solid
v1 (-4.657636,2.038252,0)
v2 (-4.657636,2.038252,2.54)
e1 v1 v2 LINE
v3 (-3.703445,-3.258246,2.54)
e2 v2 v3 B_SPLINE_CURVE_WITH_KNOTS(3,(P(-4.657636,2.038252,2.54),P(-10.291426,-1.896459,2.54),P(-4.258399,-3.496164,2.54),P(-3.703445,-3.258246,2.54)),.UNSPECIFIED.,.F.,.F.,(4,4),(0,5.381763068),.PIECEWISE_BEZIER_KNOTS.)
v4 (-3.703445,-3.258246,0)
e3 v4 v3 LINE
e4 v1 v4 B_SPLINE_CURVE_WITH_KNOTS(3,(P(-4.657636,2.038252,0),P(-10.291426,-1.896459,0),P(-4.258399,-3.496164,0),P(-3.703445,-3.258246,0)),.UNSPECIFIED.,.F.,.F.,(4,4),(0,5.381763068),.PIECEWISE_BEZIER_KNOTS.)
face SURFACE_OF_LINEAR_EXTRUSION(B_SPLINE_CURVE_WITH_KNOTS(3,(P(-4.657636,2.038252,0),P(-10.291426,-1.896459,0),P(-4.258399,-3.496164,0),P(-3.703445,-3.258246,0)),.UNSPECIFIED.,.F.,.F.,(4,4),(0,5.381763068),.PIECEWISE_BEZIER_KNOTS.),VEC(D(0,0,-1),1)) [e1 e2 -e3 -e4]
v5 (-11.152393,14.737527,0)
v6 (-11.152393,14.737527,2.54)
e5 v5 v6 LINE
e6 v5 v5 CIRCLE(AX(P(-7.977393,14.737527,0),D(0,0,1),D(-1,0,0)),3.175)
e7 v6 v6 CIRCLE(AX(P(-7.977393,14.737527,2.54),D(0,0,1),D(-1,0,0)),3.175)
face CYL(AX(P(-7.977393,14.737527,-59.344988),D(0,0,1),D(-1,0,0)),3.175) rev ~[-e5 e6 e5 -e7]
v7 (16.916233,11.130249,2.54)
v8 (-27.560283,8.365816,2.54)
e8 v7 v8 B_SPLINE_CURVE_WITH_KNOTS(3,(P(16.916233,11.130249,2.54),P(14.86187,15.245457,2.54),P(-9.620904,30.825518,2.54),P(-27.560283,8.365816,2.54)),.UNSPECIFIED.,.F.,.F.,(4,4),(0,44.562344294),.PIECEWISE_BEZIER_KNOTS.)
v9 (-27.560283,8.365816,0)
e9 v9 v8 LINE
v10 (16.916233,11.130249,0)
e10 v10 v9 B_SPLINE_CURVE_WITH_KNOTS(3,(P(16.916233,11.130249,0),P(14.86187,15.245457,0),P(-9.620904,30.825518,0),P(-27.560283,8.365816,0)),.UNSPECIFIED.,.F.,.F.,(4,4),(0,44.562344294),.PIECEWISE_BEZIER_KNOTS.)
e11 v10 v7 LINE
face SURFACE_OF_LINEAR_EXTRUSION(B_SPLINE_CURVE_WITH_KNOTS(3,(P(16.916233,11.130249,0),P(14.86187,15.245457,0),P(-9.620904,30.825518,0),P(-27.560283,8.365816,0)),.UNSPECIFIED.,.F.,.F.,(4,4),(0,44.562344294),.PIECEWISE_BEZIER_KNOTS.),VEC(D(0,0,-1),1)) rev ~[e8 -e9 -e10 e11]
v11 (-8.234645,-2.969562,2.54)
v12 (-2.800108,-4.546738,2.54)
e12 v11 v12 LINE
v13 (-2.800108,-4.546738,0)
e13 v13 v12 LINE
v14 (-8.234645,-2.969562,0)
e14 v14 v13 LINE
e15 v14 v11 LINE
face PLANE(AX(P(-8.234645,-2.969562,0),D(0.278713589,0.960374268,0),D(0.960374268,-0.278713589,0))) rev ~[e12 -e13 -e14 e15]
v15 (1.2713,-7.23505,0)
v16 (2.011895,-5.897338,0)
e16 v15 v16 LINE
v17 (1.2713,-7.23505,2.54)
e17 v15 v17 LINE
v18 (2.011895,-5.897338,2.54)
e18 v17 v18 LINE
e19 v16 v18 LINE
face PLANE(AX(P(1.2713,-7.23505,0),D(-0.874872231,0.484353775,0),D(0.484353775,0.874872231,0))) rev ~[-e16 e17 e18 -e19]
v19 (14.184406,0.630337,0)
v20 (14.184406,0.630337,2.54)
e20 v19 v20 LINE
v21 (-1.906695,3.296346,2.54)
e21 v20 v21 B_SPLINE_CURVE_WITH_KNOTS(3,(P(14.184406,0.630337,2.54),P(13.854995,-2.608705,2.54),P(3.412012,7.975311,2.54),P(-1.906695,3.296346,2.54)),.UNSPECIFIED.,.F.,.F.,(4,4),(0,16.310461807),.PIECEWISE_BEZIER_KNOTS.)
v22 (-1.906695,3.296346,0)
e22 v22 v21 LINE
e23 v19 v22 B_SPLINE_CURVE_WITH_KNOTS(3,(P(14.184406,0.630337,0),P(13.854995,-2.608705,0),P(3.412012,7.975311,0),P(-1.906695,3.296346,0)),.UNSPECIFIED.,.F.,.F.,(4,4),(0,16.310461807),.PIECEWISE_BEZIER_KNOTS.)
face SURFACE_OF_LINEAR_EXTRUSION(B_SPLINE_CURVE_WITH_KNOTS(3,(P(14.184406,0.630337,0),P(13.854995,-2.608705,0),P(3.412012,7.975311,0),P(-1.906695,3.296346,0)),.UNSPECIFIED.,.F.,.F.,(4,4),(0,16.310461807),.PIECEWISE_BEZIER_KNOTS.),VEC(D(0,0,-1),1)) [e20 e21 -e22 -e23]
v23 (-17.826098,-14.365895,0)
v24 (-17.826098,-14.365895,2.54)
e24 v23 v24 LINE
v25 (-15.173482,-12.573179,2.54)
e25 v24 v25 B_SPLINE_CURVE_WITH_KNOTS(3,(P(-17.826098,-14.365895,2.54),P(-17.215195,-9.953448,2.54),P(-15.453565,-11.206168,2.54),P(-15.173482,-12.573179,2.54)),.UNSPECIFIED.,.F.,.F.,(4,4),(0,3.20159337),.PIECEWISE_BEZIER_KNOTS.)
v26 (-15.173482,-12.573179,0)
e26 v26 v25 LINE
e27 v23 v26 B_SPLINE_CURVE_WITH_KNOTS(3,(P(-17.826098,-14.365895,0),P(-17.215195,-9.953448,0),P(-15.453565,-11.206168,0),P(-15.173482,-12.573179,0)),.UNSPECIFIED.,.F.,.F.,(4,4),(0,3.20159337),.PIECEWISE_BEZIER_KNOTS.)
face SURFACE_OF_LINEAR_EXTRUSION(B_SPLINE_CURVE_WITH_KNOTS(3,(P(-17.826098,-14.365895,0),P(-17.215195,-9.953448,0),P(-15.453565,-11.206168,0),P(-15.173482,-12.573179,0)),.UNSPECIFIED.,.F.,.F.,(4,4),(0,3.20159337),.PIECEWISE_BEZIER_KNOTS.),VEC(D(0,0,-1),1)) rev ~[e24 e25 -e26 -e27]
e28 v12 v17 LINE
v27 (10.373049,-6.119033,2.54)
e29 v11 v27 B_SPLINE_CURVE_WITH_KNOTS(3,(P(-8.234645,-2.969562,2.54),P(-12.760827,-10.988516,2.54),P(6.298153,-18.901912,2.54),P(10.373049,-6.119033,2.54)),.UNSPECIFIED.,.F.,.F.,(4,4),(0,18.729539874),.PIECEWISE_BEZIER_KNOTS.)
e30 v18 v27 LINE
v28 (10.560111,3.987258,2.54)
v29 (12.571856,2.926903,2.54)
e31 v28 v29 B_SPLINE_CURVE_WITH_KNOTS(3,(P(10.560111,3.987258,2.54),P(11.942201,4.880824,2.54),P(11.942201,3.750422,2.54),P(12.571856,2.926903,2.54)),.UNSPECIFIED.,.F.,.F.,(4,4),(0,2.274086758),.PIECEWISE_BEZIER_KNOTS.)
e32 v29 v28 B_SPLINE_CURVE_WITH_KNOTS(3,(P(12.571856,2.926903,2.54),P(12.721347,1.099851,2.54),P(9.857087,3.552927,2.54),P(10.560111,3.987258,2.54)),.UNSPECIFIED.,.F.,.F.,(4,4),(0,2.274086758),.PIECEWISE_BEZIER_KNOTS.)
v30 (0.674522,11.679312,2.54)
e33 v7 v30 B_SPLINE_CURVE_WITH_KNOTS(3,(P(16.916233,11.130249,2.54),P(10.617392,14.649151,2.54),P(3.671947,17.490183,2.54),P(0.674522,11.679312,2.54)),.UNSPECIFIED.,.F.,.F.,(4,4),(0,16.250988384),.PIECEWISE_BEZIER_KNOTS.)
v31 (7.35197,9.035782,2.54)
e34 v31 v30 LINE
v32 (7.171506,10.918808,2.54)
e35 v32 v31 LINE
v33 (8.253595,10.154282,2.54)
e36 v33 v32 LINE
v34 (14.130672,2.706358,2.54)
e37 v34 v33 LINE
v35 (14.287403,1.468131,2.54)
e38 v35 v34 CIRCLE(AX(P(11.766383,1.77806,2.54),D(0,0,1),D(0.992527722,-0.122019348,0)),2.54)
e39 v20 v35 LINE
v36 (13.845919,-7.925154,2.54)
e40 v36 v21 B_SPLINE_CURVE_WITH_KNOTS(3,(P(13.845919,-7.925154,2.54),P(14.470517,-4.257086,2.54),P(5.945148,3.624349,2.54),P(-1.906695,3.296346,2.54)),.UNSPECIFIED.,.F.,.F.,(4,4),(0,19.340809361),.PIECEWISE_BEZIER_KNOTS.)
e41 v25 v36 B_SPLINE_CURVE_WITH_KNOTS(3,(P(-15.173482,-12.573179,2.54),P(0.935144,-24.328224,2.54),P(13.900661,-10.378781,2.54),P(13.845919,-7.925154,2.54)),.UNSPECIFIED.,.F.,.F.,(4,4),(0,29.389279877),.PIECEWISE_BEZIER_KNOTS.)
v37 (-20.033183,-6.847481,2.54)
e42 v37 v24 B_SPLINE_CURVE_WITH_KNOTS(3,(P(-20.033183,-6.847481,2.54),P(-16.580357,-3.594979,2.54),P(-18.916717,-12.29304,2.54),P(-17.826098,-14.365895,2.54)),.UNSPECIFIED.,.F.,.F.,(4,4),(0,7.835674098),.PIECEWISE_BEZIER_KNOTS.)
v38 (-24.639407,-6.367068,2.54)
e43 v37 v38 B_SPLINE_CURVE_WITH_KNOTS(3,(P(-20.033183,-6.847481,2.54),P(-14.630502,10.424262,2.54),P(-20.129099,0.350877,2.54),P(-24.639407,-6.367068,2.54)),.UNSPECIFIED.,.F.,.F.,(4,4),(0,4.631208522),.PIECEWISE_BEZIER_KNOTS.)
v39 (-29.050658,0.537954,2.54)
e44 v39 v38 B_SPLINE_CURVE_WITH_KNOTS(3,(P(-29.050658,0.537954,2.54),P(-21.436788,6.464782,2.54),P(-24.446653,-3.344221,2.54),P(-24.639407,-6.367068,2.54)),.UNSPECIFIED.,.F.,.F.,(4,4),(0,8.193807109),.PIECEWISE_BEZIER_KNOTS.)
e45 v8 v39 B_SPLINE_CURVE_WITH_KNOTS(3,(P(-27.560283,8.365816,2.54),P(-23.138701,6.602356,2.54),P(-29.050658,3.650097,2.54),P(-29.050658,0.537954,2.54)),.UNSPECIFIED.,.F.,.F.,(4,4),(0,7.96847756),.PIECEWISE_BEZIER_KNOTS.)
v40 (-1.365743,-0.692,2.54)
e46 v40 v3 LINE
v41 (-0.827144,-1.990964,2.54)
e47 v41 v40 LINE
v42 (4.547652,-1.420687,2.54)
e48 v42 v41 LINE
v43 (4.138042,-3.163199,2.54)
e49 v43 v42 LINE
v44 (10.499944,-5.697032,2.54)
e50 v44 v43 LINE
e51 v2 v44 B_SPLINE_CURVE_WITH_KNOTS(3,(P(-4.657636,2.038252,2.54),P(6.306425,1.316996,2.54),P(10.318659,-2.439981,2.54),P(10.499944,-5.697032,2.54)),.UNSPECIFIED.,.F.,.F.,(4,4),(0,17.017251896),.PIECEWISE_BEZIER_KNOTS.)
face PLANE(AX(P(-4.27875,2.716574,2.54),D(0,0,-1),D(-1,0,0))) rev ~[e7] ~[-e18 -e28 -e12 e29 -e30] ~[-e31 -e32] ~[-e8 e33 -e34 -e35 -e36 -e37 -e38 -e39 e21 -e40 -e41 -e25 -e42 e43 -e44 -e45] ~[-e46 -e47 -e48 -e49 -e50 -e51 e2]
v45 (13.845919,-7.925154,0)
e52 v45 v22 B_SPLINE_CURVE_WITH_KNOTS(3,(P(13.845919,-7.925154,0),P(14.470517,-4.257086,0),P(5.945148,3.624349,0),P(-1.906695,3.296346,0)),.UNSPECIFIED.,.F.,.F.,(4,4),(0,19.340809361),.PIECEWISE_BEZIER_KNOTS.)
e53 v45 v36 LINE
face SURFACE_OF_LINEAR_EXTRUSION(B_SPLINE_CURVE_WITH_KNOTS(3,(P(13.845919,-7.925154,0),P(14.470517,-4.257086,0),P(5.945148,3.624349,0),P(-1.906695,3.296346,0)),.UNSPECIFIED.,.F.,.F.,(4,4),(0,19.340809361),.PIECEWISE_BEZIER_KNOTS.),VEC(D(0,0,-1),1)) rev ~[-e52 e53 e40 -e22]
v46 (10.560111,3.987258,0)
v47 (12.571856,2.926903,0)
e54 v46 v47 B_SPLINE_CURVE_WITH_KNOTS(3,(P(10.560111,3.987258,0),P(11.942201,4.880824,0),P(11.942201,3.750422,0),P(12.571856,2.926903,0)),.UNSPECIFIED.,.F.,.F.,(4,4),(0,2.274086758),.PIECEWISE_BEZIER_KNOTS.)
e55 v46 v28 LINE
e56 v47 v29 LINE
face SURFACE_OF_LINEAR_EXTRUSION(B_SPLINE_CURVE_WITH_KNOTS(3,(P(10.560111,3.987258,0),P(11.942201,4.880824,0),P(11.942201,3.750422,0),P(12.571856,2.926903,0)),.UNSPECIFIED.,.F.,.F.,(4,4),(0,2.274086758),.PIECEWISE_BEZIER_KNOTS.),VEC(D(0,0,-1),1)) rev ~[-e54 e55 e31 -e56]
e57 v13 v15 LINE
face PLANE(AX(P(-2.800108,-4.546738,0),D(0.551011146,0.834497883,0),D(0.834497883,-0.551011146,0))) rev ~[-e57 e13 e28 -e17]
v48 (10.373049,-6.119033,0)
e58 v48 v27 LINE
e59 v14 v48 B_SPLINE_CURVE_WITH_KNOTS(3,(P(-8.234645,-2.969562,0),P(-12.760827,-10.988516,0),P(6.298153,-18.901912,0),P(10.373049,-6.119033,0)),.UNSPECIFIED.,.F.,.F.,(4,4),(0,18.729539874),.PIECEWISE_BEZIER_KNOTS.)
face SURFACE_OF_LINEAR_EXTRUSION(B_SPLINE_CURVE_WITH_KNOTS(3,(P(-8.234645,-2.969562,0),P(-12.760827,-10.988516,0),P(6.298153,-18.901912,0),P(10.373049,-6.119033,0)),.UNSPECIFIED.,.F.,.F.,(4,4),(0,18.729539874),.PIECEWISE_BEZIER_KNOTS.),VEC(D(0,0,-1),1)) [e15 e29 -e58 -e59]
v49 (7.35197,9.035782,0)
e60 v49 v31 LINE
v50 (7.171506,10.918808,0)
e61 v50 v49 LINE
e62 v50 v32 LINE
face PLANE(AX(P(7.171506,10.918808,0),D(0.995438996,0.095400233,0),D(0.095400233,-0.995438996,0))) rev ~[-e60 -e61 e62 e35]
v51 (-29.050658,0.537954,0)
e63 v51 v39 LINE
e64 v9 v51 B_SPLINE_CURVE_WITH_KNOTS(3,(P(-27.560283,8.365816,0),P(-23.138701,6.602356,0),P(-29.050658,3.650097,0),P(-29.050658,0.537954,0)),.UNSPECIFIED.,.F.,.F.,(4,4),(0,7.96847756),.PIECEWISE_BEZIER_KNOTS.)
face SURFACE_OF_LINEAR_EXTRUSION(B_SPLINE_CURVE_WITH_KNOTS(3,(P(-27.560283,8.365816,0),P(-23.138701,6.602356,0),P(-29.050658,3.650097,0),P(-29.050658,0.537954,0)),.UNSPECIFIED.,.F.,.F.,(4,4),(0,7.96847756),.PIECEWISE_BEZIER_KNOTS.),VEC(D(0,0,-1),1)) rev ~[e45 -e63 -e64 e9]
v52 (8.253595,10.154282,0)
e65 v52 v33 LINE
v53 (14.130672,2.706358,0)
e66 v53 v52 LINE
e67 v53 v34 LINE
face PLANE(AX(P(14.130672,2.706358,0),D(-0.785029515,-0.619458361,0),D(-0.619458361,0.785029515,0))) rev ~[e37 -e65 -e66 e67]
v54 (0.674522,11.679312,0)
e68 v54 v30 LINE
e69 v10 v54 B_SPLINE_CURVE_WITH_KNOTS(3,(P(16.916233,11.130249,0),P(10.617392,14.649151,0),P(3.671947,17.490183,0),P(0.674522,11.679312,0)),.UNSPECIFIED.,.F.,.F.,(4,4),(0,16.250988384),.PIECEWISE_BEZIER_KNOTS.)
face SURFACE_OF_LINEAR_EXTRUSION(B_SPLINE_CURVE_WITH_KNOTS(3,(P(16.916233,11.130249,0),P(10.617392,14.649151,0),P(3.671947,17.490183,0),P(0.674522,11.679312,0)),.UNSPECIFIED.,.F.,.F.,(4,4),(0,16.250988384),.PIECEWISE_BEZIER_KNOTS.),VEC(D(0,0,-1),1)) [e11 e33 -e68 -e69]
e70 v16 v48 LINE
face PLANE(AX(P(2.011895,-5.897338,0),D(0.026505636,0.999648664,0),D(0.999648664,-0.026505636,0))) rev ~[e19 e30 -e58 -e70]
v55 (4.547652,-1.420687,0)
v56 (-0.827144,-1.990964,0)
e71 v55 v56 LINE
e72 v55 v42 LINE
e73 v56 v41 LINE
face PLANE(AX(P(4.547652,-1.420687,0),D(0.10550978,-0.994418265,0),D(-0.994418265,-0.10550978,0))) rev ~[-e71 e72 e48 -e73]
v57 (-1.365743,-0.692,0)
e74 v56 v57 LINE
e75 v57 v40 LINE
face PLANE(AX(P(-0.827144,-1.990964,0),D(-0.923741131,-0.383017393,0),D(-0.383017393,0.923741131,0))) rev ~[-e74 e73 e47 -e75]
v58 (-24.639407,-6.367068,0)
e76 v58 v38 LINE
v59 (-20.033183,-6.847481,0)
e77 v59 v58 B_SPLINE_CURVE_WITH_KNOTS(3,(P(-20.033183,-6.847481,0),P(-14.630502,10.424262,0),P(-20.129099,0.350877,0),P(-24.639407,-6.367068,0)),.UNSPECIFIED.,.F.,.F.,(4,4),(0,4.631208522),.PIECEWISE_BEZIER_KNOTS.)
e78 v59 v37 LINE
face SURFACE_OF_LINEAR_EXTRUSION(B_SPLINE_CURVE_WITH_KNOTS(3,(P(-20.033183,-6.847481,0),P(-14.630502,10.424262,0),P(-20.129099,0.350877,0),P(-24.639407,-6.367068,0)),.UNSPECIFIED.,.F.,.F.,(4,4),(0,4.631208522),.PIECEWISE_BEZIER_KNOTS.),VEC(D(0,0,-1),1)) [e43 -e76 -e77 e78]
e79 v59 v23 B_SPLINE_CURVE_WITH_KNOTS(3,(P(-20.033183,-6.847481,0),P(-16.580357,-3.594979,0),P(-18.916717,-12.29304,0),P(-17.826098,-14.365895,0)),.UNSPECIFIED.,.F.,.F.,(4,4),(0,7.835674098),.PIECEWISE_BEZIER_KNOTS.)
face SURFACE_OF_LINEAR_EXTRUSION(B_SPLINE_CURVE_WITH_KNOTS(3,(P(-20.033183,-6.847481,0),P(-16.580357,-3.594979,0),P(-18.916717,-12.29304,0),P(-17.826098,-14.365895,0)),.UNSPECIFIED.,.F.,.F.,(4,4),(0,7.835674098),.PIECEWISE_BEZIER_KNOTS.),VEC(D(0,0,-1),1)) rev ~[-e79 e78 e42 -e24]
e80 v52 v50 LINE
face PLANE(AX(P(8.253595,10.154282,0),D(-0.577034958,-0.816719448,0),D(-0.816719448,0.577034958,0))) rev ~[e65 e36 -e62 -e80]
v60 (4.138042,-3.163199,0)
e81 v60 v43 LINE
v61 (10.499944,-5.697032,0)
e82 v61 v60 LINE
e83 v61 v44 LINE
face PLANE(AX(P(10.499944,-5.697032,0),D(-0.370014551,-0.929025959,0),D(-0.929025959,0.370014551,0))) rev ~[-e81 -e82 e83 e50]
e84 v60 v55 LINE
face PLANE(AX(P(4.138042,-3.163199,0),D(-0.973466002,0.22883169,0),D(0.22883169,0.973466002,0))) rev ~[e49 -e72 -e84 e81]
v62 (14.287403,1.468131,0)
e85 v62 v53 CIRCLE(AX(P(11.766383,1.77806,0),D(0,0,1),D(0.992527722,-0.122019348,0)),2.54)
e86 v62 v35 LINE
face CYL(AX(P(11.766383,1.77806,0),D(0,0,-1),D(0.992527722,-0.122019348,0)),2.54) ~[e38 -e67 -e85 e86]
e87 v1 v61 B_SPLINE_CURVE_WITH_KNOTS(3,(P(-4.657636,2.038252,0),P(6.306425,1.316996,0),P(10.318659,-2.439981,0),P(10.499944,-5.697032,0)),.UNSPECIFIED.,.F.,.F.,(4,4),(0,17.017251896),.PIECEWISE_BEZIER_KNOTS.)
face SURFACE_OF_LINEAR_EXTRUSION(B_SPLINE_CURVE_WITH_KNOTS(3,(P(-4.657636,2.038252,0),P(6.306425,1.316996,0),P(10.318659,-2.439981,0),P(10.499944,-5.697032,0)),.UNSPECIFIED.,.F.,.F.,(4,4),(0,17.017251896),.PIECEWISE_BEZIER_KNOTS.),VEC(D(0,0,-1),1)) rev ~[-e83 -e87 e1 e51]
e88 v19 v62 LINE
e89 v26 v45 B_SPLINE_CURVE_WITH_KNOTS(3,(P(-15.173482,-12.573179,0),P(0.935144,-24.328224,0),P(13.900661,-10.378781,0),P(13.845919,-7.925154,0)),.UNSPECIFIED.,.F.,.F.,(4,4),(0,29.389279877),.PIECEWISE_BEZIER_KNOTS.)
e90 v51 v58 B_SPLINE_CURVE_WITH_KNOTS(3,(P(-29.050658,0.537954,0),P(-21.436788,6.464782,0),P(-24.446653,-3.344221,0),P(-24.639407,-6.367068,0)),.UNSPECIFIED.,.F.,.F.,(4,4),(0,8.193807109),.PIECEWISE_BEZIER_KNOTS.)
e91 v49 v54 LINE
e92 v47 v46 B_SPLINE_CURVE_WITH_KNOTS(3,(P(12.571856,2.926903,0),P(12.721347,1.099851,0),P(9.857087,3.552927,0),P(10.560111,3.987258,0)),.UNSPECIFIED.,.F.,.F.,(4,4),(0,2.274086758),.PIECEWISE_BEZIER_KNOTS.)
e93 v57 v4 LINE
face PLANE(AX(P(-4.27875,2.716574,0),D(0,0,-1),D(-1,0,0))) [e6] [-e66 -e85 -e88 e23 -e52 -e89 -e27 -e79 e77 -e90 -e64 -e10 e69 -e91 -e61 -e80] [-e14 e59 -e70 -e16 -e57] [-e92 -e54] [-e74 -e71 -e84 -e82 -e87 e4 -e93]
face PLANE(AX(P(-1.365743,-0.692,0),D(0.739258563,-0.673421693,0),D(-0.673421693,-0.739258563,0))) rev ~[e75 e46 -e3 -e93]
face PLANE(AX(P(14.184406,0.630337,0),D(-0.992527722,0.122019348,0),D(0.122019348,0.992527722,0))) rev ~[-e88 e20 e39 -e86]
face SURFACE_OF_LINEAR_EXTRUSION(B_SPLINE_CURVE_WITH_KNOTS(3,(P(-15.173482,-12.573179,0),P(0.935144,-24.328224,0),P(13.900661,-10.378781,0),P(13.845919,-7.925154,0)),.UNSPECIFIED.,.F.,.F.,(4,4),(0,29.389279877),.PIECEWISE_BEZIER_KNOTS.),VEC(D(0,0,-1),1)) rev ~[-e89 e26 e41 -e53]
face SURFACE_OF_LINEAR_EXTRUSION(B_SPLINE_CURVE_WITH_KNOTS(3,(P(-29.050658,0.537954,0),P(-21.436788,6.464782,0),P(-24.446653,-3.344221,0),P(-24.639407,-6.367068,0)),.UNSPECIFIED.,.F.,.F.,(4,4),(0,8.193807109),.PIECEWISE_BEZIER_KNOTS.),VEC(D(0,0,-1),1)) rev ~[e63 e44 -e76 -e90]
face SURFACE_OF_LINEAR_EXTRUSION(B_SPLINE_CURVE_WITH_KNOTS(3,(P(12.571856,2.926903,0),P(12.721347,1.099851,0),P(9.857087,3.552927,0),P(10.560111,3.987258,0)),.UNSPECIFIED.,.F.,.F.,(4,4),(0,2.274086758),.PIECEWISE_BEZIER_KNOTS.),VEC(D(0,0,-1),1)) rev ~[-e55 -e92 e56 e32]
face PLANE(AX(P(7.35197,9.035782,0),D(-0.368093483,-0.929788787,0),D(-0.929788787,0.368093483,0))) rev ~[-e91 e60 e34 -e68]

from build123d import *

# Parameters (mm, degrees)
F1_DEPTH = 2.54
F2_D     = 6.35


with BuildPart() as f1:
    # F0 (on Top) → F1 (new body)
    with BuildSketch(Plane.XY):
        with BuildLine():
            add(Edge.make_bspline(
                [(16.9162325434, 11.1302494964), (10.6173916847, 14.6491511061), (3.6719473603, 17.4901827858), (0.6745222376, 11.6793121436)],
                knots=[0, 0, 0, 0, 16.2509883837, 16.2509883837, 16.2509883837, 16.2509883837], degree=3))
            add(Edge.make_bspline(
                [(16.9162325434, 11.1302494964), (14.8618696663, 15.2454574194), (-9.6209044569, 30.825518148), (-27.5602830033, 8.3658157723)],
                knots=[0, 0, 0, 0, 44.5623442941, 44.5623442941, 44.5623442941, 44.5623442941], degree=3))
            add(Edge.make_bspline(
                [(-27.5602830033, 8.3658157723), (-23.1387006403, 6.6023558736), (-29.0506580617, 3.6500970212), (-29.0506580617, 0.5379541991)],
                knots=[0, 0, 0, 0, 7.96847756, 7.96847756, 7.96847756, 7.96847756], degree=3))
            add(Edge.make_bspline(
                [(-29.0506580617, 0.5379541991), (-21.4367877221, 6.4647817117), (-24.4466526217, -3.3442209581), (-24.6394067583, -6.3670683841)],
                knots=[0, 0, 0, 0, 8.1938071089, 8.1938071089, 8.1938071089, 8.1938071089], degree=3))
            add(Edge.make_bspline(
                [(-20.0331830827, -6.8474805294), (-14.6305017112, 10.4242619984), (-20.1290989413, 0.3508766382), (-24.6394067583, -6.3670683841)],
                knots=[0, 0, 0, 0, 4.6312085225, 4.6312085225, 4.6312085225, 4.6312085225], degree=3))
            add(Edge.make_bspline(
                [(-20.0331830827, -6.8474805294), (-16.5803567914, -3.5949789299), (-18.9167173055, -12.2930400385), (-17.8260975925, -14.3658954031)],
                knots=[0, 0, 0, 0, 7.8356740982, 7.8356740982, 7.8356740982, 7.8356740982], degree=3))
            add(Edge.make_bspline(
                [(-17.8260975925, -14.3658954031), (-17.215194687, -9.953447835), (-15.4535646615, -11.2061676603), (-15.1734824357, -12.5731787678)],
                knots=[0, 0, 0, 0, 3.2015933696, 3.2015933696, 3.2015933696, 3.2015933696], degree=3))
            add(Edge.make_bspline(
                [(-15.1734824357, -12.5731787678), (0.9351442161, -24.3282241127), (13.9006609115, -10.378781236), (13.8459185793, -7.9251537634)],
                knots=[0, 0, 0, 0, 29.3892798774, 29.3892798774, 29.3892798774, 29.3892798774], degree=3))
            add(Edge.make_bspline(
                [(13.8459185793, -7.9251537634), (14.4705174501, -4.2570857866), (5.9451477585, 3.6243494123), (-1.9066953508, 3.2963461862)],
                knots=[0, 0, 0, 0, 19.3408093612, 19.3408093612, 19.3408093612, 19.3408093612], degree=3))
            add(Edge.make_bspline(
                [(14.1844064521, 0.6303365962), (13.8549948635, -2.6087045981), (3.4120115044, 7.9753108011), (-1.9066953508, 3.2963461862)],
                knots=[0, 0, 0, 0, 16.3104618072, 16.3104618072, 16.3104618072, 16.3104618072], degree=3))
            Line((14.1844064521, 0.6303365962), (14.2874031917, 1.4681309346))
            ThreePointArc((14.2874031917, 1.4681309346), (14.2862764136, 2.0970209965), (14.1306719926, 2.706357721))
            Line((14.1306719926, 2.706357721), (8.2535952854, 10.1542815254))
            Line((8.2535952854, 10.1542815254), (7.1715055558, 10.9188079522))
            Line((7.1715055558, 10.9188079522), (7.3519697937, 9.0357817398))
            Line((7.3519697937, 9.0357817398), (0.6745222376, 11.6793121436))
        make_face()
        with BuildLine():
            Line((2.0118946452, -5.8973378815), (10.3730486414, -6.1190334722))
            add(Edge.make_bspline(
                [(-8.2346448151, -2.9695622935), (-12.7608271205, -10.9885158128), (6.2981528306, -18.9019124884), (10.3730486414, -6.1190334722)],
                knots=[0, 0, 0, 0, 18.7295398739, 18.7295398739, 18.7295398739, 18.7295398739], degree=3))
            Line((-8.2346448151, -2.9695622935), (-2.8001075087, -4.5467384471))
            Line((-2.8001075087, -4.5467384471), (1.2712995114, -7.2350504189))
            Line((1.2712995114, -7.2350504189), (2.0118946452, -5.8973378815))
        make_face(mode=Mode.SUBTRACT)
        with BuildLine():
            add(Edge.make_bspline(
                [(-4.6576359717, 2.0382523225), (-10.2914260176, -1.8964588954), (-4.2583988979, -3.4961642232), (-3.7034447699, -3.2582458477)],
                knots=[0, 0, 0, 0, 5.3817630676, 5.3817630676, 5.3817630676, 5.3817630676], degree=3))
            add(Edge.make_bspline(
                [(-4.6576359717, 2.0382523225), (6.3064250848, 1.3169960591), (10.3186587396, -2.4399806126), (10.499944404, -5.6970317228)],
                knots=[0, 0, 0, 0, 17.0172518964, 17.0172518964, 17.0172518964, 17.0172518964], degree=3))
            Line((10.499944404, -5.6970317228), (4.1380417139, -3.163198791))
            Line((4.1380417139, -3.163198791), (4.5476522834, -1.4206868033))
            Line((4.5476522834, -1.4206868033), (-0.8271444052, -1.9909635554))
            Line((-0.8271444052, -1.9909635554), (-1.3657431512, -0.6919995318))
            Line((-1.3657431512, -0.6919995318), (-3.7034447699, -3.2582458477))
        make_face(mode=Mode.SUBTRACT)
        with BuildLine():
            add(Edge.make_bspline(
                [(10.5601109071, 3.9872583789), (11.9422007876, 4.8808239089), (11.9422007876, 3.7504218207), (12.5718558609, 2.9269033331)],
                knots=[0, 0, 0, 0, 2.2740867579, 2.2740867579, 2.2740867579, 2.2740867579], degree=3))
            add(Edge.make_bspline(
                [(12.5718558609, 2.9269033331), (12.7213471117, 1.0998506558), (9.8570868897, 3.5529274182), (10.5601109071, 3.9872583789)],
                knots=[0, 0, 0, 0, 2.2740867579, 2.2740867579, 2.2740867579, 2.2740867579], degree=3))
        make_face(mode=Mode.SUBTRACT)
    extrude(amount=F1_DEPTH)

    # F2 (through all)
    with Locations(Plane(origin=(0, 0, 0), x_dir=(1, 0, 0), z_dir=(0, 0, -1))):
        with Locations((-7.9773925245, -14.7375268862)):
            Hole(F2_D / 2)


solid = f1.part
